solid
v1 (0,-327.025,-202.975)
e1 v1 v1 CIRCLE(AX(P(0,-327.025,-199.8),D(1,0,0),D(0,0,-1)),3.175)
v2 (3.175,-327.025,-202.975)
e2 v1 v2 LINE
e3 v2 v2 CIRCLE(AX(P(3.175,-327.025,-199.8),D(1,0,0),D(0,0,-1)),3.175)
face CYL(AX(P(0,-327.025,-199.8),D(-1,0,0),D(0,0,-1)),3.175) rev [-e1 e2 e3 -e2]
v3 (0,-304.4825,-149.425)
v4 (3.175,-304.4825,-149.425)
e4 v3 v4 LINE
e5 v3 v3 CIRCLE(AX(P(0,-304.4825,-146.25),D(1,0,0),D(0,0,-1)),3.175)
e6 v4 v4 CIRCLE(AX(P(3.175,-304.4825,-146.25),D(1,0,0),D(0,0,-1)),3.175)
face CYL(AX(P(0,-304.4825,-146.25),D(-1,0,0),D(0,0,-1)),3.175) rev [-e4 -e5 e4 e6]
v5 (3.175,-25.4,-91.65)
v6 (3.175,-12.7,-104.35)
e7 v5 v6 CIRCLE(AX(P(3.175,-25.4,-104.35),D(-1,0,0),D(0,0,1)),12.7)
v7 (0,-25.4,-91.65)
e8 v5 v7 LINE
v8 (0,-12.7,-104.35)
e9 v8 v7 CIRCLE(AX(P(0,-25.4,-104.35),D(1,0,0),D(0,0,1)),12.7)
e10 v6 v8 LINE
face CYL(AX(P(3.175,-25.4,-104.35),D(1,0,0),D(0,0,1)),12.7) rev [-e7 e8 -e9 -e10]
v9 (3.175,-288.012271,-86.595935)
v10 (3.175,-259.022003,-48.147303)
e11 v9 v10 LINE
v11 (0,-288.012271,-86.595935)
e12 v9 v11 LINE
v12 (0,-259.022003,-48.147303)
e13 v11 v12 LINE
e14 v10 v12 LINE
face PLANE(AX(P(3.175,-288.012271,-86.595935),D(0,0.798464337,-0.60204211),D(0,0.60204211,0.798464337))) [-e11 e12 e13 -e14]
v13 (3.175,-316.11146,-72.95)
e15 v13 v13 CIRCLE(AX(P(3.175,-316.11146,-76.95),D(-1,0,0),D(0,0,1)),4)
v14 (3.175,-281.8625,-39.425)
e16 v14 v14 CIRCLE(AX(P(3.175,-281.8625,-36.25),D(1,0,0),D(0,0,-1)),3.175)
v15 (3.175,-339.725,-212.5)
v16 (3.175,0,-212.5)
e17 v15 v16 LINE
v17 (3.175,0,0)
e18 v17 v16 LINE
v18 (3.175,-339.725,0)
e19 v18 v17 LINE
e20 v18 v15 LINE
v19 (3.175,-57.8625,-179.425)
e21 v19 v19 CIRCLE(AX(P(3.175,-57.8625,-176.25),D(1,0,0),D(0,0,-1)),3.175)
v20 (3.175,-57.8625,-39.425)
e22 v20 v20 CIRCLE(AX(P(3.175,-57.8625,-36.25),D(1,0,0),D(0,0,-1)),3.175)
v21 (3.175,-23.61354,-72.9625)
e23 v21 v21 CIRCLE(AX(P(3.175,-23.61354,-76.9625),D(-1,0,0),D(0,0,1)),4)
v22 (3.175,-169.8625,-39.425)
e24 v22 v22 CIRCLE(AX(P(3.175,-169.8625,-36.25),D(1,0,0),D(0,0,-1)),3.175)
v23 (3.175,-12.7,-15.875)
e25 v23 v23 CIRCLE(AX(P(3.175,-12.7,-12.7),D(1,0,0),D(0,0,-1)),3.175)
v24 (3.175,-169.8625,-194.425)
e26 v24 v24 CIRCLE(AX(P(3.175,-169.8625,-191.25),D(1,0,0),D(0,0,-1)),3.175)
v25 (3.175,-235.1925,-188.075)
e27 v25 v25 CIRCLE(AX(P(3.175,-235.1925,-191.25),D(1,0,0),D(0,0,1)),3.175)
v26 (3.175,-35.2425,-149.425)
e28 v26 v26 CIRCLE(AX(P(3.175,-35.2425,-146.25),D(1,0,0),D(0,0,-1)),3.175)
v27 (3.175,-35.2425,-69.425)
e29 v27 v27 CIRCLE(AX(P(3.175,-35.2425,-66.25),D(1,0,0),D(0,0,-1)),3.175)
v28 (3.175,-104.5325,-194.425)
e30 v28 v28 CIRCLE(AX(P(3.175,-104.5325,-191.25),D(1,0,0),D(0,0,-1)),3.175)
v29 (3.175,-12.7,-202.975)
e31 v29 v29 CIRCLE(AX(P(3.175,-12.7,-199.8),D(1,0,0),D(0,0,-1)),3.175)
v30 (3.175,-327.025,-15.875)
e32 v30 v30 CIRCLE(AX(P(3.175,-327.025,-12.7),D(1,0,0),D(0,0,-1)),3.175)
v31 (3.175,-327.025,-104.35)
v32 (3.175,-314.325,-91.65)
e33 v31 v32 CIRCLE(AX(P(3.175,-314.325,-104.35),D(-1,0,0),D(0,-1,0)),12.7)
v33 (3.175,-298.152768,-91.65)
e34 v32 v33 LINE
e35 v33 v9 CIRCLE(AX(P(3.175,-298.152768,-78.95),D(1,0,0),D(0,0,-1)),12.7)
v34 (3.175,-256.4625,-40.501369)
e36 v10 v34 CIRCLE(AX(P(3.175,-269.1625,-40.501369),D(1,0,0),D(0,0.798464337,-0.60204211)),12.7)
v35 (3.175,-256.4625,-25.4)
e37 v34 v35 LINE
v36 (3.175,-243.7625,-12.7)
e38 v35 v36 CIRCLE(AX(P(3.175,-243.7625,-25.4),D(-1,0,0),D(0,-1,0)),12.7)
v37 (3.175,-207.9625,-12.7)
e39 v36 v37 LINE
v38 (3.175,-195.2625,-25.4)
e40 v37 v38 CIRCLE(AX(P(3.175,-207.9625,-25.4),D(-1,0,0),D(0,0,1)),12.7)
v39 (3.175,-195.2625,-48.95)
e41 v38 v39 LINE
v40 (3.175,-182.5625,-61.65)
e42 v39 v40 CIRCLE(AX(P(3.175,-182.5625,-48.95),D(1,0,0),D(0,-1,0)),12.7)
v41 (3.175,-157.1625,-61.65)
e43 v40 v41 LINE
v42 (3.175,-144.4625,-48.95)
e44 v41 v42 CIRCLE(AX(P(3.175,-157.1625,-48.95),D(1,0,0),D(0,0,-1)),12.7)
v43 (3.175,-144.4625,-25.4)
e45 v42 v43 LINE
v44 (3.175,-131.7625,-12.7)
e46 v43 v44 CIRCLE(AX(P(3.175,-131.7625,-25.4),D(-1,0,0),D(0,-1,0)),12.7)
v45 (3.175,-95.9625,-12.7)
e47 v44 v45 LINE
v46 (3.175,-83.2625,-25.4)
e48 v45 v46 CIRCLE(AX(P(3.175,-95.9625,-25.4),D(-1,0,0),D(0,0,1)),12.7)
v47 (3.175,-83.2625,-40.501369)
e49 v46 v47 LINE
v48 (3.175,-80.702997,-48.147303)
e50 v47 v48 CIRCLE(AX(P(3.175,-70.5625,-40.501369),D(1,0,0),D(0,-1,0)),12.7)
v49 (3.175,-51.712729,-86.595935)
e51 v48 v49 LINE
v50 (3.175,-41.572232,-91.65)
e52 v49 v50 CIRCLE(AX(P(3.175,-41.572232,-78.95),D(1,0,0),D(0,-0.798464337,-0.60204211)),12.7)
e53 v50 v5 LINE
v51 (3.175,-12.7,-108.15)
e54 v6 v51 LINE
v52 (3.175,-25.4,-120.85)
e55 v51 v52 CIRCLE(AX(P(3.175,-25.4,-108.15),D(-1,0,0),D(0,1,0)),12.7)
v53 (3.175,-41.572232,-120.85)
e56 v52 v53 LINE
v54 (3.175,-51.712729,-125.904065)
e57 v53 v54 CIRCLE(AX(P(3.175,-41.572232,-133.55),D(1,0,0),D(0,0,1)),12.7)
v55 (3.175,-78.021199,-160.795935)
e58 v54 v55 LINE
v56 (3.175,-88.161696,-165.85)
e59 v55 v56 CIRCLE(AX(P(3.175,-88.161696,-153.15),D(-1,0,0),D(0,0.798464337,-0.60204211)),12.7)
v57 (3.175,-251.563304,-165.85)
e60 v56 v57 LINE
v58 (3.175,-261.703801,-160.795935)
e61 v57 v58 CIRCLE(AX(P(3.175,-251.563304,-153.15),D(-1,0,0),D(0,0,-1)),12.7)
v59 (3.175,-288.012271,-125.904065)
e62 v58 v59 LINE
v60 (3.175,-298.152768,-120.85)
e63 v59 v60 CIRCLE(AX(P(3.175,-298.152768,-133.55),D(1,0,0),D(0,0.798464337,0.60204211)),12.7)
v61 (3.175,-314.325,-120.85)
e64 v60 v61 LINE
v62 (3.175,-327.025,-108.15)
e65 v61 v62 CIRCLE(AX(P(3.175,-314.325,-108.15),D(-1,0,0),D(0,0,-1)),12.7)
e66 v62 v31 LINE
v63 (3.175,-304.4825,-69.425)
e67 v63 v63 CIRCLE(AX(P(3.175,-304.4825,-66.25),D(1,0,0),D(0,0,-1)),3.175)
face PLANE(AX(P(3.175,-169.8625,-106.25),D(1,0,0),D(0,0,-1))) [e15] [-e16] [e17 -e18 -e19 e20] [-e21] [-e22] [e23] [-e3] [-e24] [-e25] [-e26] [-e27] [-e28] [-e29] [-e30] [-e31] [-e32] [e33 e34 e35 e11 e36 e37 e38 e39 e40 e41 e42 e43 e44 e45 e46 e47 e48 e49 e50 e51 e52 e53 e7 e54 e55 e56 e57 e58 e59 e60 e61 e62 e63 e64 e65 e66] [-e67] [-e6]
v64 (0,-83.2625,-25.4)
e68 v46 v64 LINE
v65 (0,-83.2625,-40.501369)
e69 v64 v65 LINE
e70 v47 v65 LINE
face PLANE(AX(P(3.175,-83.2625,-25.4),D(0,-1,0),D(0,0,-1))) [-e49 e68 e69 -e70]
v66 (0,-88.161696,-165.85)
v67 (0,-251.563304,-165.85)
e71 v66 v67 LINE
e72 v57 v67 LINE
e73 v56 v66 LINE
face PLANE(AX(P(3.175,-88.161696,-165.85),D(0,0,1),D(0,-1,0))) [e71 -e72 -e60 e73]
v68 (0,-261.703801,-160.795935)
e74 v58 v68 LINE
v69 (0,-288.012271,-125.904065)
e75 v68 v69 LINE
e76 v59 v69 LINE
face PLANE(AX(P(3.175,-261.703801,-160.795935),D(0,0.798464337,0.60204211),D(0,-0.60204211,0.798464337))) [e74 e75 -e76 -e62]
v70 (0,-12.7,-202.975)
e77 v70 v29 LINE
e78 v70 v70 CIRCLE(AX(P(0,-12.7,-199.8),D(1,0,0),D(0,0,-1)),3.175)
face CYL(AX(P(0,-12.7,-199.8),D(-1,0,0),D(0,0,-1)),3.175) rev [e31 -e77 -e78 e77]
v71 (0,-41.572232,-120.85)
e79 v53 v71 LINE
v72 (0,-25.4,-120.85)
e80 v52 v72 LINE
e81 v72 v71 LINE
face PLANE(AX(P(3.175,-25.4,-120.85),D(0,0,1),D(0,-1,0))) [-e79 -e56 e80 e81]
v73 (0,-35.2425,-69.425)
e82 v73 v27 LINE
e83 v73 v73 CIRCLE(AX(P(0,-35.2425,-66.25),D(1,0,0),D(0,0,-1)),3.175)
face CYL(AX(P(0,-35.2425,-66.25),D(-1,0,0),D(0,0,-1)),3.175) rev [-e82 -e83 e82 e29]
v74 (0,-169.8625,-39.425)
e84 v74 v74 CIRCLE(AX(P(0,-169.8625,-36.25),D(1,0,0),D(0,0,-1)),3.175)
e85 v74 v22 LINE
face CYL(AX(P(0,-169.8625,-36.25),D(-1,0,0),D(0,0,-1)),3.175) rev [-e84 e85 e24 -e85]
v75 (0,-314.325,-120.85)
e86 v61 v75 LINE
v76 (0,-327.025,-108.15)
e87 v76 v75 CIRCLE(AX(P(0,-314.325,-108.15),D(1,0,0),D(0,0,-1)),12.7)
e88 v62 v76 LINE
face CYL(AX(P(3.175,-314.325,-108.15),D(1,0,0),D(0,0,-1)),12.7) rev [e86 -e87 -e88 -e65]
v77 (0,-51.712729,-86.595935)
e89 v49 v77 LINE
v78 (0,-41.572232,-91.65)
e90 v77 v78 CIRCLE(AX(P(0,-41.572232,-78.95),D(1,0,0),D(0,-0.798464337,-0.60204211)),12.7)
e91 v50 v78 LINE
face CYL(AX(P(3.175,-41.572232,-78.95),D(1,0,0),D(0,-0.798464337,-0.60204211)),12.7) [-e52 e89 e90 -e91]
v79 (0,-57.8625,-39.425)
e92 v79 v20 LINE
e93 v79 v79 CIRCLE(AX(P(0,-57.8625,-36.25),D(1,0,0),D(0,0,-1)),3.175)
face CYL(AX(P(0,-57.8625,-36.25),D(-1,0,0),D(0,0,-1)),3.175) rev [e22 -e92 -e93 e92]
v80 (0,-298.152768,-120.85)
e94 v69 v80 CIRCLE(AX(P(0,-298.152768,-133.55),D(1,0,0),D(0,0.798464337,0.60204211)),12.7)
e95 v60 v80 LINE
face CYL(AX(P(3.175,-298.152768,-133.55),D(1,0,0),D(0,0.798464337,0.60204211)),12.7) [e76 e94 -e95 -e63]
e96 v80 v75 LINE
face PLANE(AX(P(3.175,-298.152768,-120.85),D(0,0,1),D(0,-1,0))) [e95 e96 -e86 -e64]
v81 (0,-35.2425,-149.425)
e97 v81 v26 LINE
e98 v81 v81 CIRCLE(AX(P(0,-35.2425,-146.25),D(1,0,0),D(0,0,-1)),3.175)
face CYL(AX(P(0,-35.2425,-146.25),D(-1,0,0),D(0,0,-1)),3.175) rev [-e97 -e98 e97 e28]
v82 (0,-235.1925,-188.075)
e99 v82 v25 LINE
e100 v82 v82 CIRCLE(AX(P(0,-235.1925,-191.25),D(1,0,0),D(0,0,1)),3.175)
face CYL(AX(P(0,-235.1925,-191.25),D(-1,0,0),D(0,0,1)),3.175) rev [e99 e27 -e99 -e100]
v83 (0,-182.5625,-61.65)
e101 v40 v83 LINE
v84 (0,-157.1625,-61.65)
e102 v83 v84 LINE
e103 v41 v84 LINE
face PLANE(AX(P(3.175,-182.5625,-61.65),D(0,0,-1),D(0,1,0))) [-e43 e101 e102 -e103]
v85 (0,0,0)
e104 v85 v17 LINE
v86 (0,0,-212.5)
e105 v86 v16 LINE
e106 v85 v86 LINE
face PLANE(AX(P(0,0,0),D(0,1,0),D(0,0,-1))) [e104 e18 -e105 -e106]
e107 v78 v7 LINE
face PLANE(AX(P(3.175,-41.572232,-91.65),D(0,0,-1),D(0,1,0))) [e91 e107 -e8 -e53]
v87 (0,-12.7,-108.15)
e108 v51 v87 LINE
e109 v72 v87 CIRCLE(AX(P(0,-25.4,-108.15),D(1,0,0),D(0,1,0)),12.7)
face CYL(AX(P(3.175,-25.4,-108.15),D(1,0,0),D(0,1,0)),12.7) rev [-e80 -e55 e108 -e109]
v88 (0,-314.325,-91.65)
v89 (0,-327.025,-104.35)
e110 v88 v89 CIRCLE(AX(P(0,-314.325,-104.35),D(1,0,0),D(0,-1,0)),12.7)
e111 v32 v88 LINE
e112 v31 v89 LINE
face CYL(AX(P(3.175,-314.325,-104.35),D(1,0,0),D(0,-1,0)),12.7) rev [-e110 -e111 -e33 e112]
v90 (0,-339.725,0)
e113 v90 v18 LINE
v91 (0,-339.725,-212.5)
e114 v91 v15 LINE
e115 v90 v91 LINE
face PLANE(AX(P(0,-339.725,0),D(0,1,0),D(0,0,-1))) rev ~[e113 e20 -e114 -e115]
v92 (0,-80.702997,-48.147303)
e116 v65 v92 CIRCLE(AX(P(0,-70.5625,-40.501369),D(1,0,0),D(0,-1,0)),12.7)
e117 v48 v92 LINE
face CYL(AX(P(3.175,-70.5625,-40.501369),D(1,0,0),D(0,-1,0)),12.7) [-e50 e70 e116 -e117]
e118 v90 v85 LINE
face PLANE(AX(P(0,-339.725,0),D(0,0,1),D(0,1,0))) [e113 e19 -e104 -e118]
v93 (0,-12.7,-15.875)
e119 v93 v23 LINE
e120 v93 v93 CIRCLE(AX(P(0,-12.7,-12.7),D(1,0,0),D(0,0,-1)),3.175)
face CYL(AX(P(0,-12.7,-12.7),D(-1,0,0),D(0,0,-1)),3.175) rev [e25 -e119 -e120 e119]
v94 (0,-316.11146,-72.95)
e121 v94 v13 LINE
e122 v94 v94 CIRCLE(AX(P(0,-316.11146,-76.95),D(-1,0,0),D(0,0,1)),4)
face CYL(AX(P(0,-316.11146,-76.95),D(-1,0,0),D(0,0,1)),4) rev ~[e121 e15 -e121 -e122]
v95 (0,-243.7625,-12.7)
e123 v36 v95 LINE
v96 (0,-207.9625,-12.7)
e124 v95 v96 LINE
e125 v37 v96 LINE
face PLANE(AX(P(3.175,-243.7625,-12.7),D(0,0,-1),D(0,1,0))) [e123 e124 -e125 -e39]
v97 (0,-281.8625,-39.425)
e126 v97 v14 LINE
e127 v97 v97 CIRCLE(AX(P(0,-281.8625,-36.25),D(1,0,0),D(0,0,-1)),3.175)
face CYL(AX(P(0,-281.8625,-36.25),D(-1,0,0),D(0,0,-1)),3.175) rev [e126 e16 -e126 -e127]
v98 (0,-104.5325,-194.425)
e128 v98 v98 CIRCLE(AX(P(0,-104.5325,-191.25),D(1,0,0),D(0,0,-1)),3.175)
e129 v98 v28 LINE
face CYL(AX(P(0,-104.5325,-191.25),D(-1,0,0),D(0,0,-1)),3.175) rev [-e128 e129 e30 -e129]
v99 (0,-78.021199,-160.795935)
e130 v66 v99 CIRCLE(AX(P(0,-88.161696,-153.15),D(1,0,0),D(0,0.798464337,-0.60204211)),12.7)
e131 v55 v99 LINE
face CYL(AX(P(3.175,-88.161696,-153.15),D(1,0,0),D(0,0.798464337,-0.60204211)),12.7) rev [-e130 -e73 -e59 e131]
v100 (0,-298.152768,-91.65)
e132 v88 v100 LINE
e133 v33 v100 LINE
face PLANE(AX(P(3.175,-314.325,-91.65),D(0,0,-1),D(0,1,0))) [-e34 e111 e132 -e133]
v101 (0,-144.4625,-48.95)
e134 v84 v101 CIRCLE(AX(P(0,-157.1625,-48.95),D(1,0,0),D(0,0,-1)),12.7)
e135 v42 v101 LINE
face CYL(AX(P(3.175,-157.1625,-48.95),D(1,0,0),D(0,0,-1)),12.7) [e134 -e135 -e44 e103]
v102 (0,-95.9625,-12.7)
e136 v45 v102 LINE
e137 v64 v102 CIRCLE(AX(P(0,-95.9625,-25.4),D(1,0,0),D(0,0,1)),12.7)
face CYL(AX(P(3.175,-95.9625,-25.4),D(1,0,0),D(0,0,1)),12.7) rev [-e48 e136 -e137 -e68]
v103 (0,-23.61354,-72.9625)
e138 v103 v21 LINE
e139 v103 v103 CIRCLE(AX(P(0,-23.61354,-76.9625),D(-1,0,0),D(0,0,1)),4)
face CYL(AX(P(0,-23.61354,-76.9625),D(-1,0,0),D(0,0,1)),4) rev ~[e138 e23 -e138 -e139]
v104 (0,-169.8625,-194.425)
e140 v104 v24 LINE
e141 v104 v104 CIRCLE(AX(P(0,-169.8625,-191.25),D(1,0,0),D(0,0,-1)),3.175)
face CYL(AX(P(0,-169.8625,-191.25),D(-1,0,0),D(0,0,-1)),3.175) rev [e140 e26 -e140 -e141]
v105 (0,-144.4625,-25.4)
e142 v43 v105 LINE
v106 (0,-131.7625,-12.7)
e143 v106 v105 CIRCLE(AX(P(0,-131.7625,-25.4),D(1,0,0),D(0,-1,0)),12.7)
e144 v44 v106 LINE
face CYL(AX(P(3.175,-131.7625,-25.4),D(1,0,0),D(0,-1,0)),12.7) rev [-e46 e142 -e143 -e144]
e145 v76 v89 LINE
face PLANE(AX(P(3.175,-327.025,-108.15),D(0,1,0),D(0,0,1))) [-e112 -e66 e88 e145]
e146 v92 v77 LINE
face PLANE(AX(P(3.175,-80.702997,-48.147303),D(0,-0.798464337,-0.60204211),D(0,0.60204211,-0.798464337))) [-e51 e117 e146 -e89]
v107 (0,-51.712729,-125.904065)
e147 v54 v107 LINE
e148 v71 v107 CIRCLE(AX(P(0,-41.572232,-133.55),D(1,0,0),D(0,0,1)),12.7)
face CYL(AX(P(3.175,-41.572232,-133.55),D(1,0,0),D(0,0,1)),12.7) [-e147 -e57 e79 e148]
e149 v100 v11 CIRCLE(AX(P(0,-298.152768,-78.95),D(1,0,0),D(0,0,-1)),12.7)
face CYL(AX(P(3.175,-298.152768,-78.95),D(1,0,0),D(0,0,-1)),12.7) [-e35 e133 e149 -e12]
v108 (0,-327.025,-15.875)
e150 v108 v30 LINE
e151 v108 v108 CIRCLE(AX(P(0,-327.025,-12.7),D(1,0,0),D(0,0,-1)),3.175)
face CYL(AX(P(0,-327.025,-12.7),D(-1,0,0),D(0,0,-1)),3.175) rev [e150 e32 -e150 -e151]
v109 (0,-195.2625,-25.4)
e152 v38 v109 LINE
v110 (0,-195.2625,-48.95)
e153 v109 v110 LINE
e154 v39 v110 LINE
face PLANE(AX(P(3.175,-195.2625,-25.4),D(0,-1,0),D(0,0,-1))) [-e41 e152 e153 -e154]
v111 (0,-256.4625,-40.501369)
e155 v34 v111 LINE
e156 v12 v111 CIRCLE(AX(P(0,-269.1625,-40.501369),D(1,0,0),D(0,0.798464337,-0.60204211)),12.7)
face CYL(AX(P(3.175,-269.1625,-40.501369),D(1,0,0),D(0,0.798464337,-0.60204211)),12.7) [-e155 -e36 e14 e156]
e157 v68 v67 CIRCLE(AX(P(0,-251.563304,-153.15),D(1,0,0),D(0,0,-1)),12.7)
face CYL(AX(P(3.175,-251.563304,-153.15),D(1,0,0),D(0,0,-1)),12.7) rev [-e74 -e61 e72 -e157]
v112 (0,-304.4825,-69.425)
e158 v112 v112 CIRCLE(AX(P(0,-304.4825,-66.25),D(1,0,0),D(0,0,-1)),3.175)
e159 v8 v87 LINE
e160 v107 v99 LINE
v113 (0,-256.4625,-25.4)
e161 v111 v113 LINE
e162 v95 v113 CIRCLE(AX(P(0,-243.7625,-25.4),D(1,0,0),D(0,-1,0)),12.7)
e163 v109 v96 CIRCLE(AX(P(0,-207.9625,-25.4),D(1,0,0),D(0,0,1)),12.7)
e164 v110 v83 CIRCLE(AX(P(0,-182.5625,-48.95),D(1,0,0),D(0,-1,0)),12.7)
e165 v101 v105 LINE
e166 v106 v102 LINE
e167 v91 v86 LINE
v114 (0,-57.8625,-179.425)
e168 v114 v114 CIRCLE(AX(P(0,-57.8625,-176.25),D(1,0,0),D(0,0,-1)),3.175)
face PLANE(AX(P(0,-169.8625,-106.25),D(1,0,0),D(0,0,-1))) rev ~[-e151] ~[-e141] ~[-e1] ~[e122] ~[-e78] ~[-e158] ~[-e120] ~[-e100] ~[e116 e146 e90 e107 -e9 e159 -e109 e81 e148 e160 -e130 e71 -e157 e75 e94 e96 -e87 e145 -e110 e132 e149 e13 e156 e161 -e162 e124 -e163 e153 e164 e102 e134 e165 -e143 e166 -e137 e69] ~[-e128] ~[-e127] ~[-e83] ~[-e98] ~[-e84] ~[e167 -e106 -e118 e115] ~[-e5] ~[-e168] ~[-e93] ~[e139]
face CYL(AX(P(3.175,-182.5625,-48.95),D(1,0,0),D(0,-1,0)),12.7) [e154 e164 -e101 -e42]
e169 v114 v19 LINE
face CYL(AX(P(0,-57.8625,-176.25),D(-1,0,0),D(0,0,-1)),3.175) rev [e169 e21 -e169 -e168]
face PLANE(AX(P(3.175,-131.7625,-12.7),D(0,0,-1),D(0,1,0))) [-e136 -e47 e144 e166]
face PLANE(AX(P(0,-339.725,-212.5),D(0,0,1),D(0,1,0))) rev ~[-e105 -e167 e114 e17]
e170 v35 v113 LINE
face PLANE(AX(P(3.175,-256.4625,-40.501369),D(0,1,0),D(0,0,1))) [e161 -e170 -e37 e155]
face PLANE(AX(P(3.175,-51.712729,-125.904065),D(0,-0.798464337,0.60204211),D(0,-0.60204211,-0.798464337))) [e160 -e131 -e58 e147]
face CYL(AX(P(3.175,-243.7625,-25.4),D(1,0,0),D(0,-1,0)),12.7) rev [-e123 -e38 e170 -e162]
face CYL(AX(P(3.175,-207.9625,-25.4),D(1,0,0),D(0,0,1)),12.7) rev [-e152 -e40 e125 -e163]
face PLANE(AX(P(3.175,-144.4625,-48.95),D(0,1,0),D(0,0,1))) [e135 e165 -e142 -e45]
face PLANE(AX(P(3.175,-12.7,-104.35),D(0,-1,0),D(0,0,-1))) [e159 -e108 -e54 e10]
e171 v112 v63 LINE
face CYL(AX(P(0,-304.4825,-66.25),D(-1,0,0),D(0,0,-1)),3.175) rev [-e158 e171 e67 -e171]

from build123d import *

# Parameters (mm, degrees)
SKETCH1_W           = 212.5
SKETCH1_H           = 339.725
SKETCH1_R           = 3.175
BOSS_EXTRUDE1_DEPTH = 3.175
CUT_EXTRUDE1_DEPTH  = 401.72360331
SKETCH3_R           = 4
CUT_EXTRUDE2_DEPTH  = 45.72
SKETCH4_R           = 4
CUT_EXTRUDE3_DEPTH  = 14.986


with BuildPart() as part:
    # Sketch1 → Boss-Extrude1 (new body)
    with BuildSketch(Plane(origin=(0, 0, 0), x_dir=(0, 0, -1), z_dir=(1, 0, 0))):
        with Locations((106.25, -169.8625)):
            Rectangle(SKETCH1_W, SKETCH1_H)
        with Locations((12.7, -12.7)):
            Circle(SKETCH1_R, mode=Mode.SUBTRACT)
        with Locations((199.8, -12.7)):
            Circle(SKETCH1_R, mode=Mode.SUBTRACT)
        with Locations((66.25, -35.2425)):
            Circle(SKETCH1_R, mode=Mode.SUBTRACT)
        with Locations((146.25, -35.2425)):
            Circle(SKETCH1_R, mode=Mode.SUBTRACT)
        with Locations((176.25, -57.8625)):
            Circle(SKETCH1_R, mode=Mode.SUBTRACT)
        with Locations((36.25, -57.8625)):
            Circle(SKETCH1_R, mode=Mode.SUBTRACT)
        with Locations((191.25, -104.5325)):
            Circle(SKETCH1_R, mode=Mode.SUBTRACT)
        with Locations((36.25, -169.8625)):
            Circle(SKETCH1_R, mode=Mode.SUBTRACT)
        with Locations((191.25, -169.8625)):
            Circle(SKETCH1_R, mode=Mode.SUBTRACT)
        with Locations((36.25, -281.8625)):
            Circle(SKETCH1_R, mode=Mode.SUBTRACT)
        with Locations((66.25, -304.4825)):
            Circle(SKETCH1_R, mode=Mode.SUBTRACT)
        with Locations((12.7, -327.025)):
            Circle(SKETCH1_R, mode=Mode.SUBTRACT)
        with Locations((199.8, -327.025)):
            Circle(SKETCH1_R, mode=Mode.SUBTRACT)
        with Locations((146.25, -304.4825)):
            Circle(SKETCH1_R, mode=Mode.SUBTRACT)
        with Locations(Location((191.25, -235.1925, 0), (0, 0, 180))):
            Circle(SKETCH1_R, mode=Mode.SUBTRACT)
    extrude(amount=BOSS_EXTRUDE1_DEPTH)

    # Sketch2 → Cut-Extrude1 (cut, through all)
    with BuildSketch(Plane(origin=(3.175, 0, 0), x_dir=(0, 0, -1), z_dir=(1, 0, 0))):
        with BuildLine():
            Line((165.85, -88.161695758), (165.85, -251.563304242))
            ThreePointArc((165.85, -251.563304242), (164.516472011, -257.22840036), (160.795934799, -261.703801323))
            Line((160.795934799, -261.703801323), (125.904065201, -288.012271))
            ThreePointArc((125.904065201, -288.012271), (122.183527989, -292.487671963), (120.85, -298.152768081))
            Line((120.85, -298.152768081), (120.85, -314.325))
            ThreePointArc((120.85, -314.325), (117.130256121, -323.305256121), (108.15, -327.025))
            Line((108.15, -327.025), (104.35, -327.025))
            ThreePointArc((104.35, -327.025), (95.369743879, -323.305256121), (91.65, -314.325))
            Line((91.65, -314.325), (91.65, -298.152768081))
            ThreePointArc((91.65, -298.152768081), (90.316472011, -292.487671963), (86.595934799, -288.012271))
            Line((86.595934799, -288.012271), (48.147303392, -259.022002919))
            ThreePointArc((48.147303392, -259.022002919), (44.532850149, -257.119362682), (40.501368593, -256.4625))
            Line((40.501368593, -256.4625), (25.4, -256.4625))
            ThreePointArc((25.4, -256.4625), (16.419743879, -252.742756121), (12.7, -243.7625))
            Line((12.7, -243.7625), (12.7, -207.9625))
            ThreePointArc((12.7, -207.9625), (16.419743879, -198.982243879), (25.4, -195.2625))
            Line((25.4, -195.2625), (48.95, -195.2625))
            ThreePointArc((48.95, -195.2625), (57.930256121, -191.542756121), (61.65, -182.5625))
            Line((61.65, -182.5625), (61.65, -157.1625))
            ThreePointArc((61.65, -157.1625), (57.930256121, -148.182243879), (48.95, -144.4625))
            Line((48.95, -144.4625), (25.4, -144.4625))
            ThreePointArc((25.4, -144.4625), (16.419743879, -140.742756121), (12.7, -131.7625))
            Line((12.7, -131.7625), (12.7, -95.9625))
            ThreePointArc((12.7, -95.9625), (16.419743879, -86.982243879), (25.4, -83.2625))
            Line((25.4, -83.2625), (40.501368593, -83.2625))
            ThreePointArc((40.501368593, -83.2625), (44.532850149, -82.605637318), (48.147303392, -80.702997081))
            Line((48.147303392, -80.702997081), (86.595934799, -51.712729))
            ThreePointArc((86.595934799, -51.712729), (90.316472011, -47.237328037), (91.65, -41.572231919))
            Line((91.65, -41.572231919), (91.65, -25.4))
            ThreePointArc((91.65, -25.4), (95.369743879, -16.419743879), (104.35, -12.7))
            Line((104.35, -12.7), (108.15, -12.7))
            ThreePointArc((108.15, -12.7), (117.130256121, -16.419743879), (120.85, -25.4))
            Line((120.85, -25.4), (120.85, -41.572231919))
            ThreePointArc((120.85, -41.572231919), (122.183527989, -47.237328037), (125.904065201, -51.712729))
            Line((125.904065201, -51.712729), (160.795934799, -78.021198677))
            ThreePointArc((160.795934799, -78.021198677), (164.516472011, -82.49659964), (165.85, -88.161695758))
        make_face()
    extrude(amount=-CUT_EXTRUDE1_DEPTH, mode=Mode.SUBTRACT)

    # Sketch3 → Cut-Extrude2 (cut)
    with BuildSketch(Plane.ZY):
        with Locations((-76.95, -316.111459893)):
            Circle(SKETCH3_R)
    extrude(amount=-CUT_EXTRUDE2_DEPTH, mode=Mode.SUBTRACT)

    # Sketch4 → Cut-Extrude3 (cut)
    with BuildSketch(Plane.ZY):
        with Locations((-76.9625, -23.613540107)):
            Circle(SKETCH4_R)
    extrude(amount=-CUT_EXTRUDE3_DEPTH, mode=Mode.SUBTRACT)


solid = part.part
